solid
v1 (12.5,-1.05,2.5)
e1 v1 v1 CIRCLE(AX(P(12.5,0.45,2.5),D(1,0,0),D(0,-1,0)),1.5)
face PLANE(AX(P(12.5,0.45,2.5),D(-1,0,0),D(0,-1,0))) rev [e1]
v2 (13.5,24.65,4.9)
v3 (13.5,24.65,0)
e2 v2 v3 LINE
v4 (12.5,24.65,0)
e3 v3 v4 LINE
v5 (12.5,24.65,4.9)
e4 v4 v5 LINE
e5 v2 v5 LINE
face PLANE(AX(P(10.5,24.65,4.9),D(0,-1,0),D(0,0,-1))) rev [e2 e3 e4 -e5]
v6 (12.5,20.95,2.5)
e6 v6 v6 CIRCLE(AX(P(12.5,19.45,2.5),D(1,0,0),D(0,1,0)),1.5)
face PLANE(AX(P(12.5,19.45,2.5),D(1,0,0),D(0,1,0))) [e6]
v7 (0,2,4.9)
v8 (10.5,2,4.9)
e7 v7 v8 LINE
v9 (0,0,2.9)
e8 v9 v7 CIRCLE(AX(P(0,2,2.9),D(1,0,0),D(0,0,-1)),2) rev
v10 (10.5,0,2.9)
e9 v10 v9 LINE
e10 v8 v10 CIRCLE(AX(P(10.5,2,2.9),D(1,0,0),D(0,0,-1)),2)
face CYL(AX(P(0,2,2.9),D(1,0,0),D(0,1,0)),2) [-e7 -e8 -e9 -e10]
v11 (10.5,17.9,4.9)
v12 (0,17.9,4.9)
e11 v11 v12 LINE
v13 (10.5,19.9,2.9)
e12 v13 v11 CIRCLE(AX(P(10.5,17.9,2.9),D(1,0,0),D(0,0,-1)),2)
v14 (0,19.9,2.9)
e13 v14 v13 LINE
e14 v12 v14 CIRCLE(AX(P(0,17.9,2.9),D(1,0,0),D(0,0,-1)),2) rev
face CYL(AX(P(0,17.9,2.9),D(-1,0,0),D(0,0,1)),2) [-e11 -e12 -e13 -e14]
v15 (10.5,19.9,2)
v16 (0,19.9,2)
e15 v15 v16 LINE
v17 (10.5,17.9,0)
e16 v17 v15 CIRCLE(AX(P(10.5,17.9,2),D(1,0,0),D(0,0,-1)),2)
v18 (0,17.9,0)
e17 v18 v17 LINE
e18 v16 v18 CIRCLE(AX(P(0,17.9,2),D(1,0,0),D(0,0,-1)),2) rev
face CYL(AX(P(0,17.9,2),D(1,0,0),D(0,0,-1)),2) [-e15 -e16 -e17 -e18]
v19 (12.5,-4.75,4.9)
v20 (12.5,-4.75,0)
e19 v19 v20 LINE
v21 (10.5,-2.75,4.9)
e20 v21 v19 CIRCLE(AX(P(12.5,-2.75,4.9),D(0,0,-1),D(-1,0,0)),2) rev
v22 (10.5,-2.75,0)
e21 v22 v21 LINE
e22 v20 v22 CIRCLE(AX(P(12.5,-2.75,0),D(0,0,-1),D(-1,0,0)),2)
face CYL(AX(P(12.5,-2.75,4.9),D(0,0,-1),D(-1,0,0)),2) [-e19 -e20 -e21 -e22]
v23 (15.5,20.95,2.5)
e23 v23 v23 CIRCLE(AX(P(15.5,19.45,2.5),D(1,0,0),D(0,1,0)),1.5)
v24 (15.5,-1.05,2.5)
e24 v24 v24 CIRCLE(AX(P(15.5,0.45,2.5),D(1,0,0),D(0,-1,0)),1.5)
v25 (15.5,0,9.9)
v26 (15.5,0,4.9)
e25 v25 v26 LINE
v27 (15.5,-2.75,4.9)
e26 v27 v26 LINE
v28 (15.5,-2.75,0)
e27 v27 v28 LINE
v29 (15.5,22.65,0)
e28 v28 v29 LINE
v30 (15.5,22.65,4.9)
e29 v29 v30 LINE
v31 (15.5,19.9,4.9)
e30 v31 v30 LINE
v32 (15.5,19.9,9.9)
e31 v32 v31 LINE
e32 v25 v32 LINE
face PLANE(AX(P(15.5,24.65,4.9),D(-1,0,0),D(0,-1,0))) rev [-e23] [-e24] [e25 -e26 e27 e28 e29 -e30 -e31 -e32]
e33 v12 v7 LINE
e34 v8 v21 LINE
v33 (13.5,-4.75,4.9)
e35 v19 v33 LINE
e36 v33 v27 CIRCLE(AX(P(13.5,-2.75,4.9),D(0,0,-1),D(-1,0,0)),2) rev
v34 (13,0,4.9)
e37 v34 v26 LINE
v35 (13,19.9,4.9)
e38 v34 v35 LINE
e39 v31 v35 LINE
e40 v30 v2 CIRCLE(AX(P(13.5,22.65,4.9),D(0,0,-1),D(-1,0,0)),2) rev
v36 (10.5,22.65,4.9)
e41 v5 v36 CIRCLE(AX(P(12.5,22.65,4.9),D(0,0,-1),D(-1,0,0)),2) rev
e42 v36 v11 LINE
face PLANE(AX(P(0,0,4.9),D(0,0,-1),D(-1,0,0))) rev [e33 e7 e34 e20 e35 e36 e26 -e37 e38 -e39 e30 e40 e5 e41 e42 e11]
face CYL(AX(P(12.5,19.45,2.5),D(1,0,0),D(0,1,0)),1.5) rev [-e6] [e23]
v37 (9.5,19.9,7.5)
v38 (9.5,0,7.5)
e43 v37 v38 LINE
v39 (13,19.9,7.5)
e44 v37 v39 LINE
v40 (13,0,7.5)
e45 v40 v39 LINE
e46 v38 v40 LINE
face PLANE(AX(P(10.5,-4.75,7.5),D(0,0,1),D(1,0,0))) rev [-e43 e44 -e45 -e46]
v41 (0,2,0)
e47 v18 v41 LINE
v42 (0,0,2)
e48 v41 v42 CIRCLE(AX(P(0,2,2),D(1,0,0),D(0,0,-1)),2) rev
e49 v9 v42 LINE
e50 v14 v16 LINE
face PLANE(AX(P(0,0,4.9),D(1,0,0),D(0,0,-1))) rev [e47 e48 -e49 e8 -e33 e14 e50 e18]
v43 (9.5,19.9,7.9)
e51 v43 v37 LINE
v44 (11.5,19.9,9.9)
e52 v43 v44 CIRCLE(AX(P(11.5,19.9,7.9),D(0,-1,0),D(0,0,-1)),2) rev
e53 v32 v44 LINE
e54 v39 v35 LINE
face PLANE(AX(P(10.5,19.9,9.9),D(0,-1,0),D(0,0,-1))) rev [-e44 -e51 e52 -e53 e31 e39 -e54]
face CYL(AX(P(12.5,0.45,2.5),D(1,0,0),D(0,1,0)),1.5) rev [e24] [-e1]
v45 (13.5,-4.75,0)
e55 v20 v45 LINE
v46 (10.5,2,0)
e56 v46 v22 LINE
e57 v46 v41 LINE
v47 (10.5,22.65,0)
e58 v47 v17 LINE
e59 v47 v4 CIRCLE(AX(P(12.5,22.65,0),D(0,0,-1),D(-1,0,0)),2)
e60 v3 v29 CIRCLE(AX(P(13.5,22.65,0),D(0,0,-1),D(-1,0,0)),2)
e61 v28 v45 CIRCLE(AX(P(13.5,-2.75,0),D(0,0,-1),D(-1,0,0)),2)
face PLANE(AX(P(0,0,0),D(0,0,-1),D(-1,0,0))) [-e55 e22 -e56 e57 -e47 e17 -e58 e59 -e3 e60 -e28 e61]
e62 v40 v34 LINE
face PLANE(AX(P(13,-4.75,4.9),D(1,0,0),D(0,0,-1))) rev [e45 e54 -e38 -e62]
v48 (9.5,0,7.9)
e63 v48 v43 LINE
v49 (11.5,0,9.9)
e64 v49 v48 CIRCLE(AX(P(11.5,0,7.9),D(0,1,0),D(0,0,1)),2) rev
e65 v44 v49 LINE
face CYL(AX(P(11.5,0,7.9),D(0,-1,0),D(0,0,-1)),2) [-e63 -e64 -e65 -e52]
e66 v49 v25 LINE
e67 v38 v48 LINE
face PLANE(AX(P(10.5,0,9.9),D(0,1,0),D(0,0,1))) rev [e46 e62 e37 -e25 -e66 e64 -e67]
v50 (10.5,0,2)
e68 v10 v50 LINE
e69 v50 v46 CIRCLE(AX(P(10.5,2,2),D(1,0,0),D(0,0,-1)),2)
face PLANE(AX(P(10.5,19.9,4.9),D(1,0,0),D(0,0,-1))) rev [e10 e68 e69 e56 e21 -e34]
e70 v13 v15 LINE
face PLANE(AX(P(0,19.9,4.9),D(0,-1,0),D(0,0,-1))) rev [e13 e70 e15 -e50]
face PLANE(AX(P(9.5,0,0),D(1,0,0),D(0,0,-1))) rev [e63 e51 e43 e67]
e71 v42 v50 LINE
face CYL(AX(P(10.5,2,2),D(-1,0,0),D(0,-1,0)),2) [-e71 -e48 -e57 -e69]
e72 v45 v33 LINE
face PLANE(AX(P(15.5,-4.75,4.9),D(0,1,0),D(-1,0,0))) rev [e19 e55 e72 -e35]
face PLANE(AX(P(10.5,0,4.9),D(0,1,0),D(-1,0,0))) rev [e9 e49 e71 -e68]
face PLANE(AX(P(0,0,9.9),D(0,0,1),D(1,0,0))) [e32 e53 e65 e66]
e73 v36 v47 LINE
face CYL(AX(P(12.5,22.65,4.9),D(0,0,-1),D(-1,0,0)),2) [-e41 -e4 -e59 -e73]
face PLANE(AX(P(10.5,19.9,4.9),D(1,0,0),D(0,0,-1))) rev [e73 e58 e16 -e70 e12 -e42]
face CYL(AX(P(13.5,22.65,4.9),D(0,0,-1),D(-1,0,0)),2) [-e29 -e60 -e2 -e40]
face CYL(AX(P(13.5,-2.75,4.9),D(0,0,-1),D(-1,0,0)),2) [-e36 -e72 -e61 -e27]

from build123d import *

# Parameters (mm, degrees)
EXTRUDE_1_DEPTH     = 4.9
FILLET_1_R          = 2
SKETCH_3_R          = 1.5
CUT_EXTRUDE_1_DEPTH = 3
SKETCH_4_W          = 5
SKETCH_4_H          = 19.9
EXTRUDE_2_DEPTH     = 5
SKETCH_5_W          = 2.5
SKETCH_5_H          = 2.6
CUT_EXTRUDE_2_DEPTH = 31.755202812
FILLET_3_R          = 2
SKETCH_6_W          = 2.4
SKETCH_6_H          = 19.9
EXTRUDE_3_DEPTH     = 1
FILLET_4_R          = 2


with BuildPart() as part:
    # 草图2 → 凸台-拉伸1 (new body)
    with BuildSketch(Plane.XY):
        Polygon((0, 0), (0, 19.9), (10.5, 19.9), (10.5, 24.65), (15.5, 24.65), (15.5, -4.75), (10.5, -4.75), (10.5, 0), align=None)
    extrude(amount=EXTRUDE_1_DEPTH)

    # 圆角1
    fillet_1_edges = [part.edges().sort_by_distance(p)[0] for p in [
        (5.25, 0, 0),
        (5.25, 19.9, 4.9),
        (5.25, 0, 4.9),
        (5.25, 19.9, 0),
    ]]
    fillet(fillet_1_edges, radius=FILLET_1_R)

    # 草图3 → 切除-拉伸1 (cut)
    with BuildSketch(Plane(origin=(15.5, 0, 0), x_dir=(0, 0, -1), z_dir=(1, 0, 0))):
        with Locations(Location((-2.5, 19.45, 0), (0, 0, 90))):
            Circle(SKETCH_3_R)
        with Locations(Location((-2.5, 0.45, 0), (0, 0, 270))):
            Circle(SKETCH_3_R)
    extrude(amount=-CUT_EXTRUDE_1_DEPTH, mode=Mode.SUBTRACT)

    # 草图4 → 凸台-拉伸2 (add)
    with BuildSketch(Plane.XY.offset(4.9)):
        with Locations((13, 9.95)):
            Rectangle(SKETCH_4_W, SKETCH_4_H)
    extrude(amount=EXTRUDE_2_DEPTH)

    # 草图5 → 切除-拉伸2 (cut, through all)
    with BuildSketch(Plane(origin=(0, 19.9, 0), x_dir=(1, 0, 0), z_dir=(0, 1, 0))):
        with Locations((11.75, -6.2)):
            Rectangle(SKETCH_5_W, SKETCH_5_H)
    extrude(amount=-CUT_EXTRUDE_2_DEPTH, mode=Mode.SUBTRACT)

    # 圆角3
    fillet_3_edges = [part.edges().sort_by_distance(p)[0] for p in [
        (10.5, 24.65, 2.45),
        (15.5, 24.65, 2.45),
        (15.5, -4.75, 2.45),
        (10.5, -4.75, 2.45),
    ]]
    fillet(fillet_3_edges, radius=FILLET_3_R)

    # 草图6 → 凸台-拉伸3 (add)
    with BuildSketch(Plane.ZY.offset(-10.5)):
        with Locations((8.7, 9.95)):
            Rectangle(SKETCH_6_W, SKETCH_6_H)
    extrude(amount=EXTRUDE_3_DEPTH)

    # 圆角4
    fillet_4_edges = [part.edges().sort_by_distance(p)[0] for p in [
        (9.5, 9.95, 9.9),
    ]]
    fillet(fillet_4_edges, radius=FILLET_4_R)


solid = part.part
